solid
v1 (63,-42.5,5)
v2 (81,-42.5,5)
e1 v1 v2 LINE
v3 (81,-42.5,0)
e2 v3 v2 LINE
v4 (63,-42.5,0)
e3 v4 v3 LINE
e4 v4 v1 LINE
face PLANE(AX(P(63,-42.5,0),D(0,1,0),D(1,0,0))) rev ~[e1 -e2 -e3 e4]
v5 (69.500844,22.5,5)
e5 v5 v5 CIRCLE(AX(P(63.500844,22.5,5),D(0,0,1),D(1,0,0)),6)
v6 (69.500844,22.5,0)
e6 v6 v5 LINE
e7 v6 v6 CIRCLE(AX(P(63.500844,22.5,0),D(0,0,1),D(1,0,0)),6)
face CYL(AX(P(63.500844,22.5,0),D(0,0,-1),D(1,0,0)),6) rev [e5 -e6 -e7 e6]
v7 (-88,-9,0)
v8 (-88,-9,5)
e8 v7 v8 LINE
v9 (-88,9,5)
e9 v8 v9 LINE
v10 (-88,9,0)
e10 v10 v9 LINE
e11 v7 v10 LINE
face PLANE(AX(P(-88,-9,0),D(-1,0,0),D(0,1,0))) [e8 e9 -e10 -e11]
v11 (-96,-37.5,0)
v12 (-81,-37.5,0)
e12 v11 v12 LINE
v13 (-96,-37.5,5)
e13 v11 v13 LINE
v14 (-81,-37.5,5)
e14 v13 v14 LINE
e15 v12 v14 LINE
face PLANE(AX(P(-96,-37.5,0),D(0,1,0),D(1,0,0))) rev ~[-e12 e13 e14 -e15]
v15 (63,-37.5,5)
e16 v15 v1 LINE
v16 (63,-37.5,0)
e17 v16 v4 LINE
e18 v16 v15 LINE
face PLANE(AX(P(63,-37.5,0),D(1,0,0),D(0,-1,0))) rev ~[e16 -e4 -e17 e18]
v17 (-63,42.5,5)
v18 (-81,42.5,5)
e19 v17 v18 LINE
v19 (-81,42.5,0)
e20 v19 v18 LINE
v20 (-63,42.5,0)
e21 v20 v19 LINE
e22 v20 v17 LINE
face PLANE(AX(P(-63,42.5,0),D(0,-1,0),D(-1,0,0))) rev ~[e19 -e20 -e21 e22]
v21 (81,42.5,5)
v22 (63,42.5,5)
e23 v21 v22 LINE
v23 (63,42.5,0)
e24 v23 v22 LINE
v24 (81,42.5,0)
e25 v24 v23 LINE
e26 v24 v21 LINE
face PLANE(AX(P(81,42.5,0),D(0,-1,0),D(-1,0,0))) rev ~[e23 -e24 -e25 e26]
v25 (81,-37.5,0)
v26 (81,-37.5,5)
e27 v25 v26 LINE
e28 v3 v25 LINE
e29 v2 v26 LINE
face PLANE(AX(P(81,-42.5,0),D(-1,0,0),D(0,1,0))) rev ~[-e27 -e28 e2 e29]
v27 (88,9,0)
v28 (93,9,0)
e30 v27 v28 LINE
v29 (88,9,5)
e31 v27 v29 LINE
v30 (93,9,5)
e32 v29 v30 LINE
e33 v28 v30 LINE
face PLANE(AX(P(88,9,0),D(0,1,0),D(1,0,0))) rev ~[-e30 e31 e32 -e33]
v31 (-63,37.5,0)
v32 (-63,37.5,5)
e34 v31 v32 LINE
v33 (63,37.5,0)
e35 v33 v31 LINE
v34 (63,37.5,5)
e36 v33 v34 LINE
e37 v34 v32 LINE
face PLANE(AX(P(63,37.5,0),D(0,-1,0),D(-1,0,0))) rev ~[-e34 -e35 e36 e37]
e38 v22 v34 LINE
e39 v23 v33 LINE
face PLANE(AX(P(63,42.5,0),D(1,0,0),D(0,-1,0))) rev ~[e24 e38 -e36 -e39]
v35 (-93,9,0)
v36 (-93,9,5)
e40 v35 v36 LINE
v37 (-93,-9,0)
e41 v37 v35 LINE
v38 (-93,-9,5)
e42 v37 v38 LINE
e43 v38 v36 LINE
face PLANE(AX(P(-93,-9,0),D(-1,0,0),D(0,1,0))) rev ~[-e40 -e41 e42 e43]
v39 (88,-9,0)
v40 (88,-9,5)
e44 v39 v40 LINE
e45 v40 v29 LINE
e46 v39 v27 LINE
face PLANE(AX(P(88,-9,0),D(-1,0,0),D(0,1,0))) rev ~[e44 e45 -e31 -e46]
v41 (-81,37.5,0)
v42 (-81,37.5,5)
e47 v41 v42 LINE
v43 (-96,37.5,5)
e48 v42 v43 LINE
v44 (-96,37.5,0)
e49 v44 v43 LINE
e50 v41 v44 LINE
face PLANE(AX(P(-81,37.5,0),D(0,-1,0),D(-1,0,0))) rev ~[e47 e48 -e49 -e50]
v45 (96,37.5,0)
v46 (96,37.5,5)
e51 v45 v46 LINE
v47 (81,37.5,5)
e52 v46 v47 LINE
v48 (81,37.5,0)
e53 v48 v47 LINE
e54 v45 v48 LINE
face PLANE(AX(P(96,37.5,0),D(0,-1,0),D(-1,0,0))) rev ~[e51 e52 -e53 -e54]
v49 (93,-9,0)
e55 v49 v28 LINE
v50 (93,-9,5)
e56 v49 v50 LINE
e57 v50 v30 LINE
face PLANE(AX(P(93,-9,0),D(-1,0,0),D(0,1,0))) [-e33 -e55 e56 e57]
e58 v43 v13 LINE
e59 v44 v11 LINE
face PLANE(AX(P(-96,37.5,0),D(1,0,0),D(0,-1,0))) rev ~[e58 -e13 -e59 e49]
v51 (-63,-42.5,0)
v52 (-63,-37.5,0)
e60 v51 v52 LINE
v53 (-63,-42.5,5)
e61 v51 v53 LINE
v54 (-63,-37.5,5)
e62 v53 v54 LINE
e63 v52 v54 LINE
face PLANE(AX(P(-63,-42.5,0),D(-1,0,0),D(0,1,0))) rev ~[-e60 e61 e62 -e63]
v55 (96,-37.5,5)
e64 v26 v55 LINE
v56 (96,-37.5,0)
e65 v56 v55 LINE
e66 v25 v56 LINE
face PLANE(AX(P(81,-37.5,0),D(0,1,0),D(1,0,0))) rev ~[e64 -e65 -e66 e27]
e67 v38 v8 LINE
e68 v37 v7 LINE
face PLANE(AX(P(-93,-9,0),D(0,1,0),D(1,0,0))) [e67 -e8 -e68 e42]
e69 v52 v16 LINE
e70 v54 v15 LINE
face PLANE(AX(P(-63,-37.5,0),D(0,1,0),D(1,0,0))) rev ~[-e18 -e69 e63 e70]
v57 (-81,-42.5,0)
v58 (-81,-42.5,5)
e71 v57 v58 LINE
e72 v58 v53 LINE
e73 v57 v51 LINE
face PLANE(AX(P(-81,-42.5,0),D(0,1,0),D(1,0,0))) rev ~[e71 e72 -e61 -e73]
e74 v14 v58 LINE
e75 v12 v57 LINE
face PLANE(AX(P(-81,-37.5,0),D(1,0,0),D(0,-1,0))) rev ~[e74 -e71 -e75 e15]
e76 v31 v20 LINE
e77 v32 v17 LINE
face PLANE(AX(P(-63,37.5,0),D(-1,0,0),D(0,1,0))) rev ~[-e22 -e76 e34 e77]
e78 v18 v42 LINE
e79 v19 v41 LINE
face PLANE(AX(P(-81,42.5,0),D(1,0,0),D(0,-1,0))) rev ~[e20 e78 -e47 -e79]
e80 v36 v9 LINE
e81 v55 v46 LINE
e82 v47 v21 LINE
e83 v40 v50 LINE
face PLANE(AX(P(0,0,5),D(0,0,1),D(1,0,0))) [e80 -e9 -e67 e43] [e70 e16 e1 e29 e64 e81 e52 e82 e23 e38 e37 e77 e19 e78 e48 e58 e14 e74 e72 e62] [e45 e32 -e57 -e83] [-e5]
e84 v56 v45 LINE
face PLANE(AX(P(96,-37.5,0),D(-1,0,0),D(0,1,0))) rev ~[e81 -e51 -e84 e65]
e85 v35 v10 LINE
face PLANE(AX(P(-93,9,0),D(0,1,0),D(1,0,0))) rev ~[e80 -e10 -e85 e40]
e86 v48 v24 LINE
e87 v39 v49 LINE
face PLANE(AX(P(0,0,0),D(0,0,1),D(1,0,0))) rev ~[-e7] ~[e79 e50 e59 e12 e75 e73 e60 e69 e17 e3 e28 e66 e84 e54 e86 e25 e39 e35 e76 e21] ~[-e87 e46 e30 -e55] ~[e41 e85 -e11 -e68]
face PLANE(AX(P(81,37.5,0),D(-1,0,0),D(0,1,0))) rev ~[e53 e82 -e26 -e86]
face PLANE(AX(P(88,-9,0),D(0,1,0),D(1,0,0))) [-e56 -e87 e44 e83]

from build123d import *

# Parameters (mm, degrees)
F0_W     = 5
F0_H     = 18
F0_R     = 6
F1_DEPTH = 5


with BuildPart() as f1:
    # F0 (on Top) → F1 (new body)
    with BuildSketch(Plane.XY):
        Polygon((96, -37.5), (96, 37.5), (81, 37.5), (81, 42.5), (63, 42.5), (63, 37.5), (-63, 37.5), (-63, 42.5), (-81, 42.5), (-81, 37.5), (-96, 37.5), (-96, -37.5), (-81, -37.5), (-81, -42.5), (-63, -42.5), (-63, -37.5), (63, -37.5), (63, -42.5), (81, -42.5), (81, -37.5), align=None)
        with Locations((-90.5, 0)):
            Rectangle(F0_W, F0_H, mode=Mode.SUBTRACT)
        with Locations((90.5, 0)):
            Rectangle(F0_W, F0_H, mode=Mode.SUBTRACT)
        with Locations((63.500844, 22.5)):
            Circle(F0_R, mode=Mode.SUBTRACT)
    extrude(amount=F1_DEPTH)


solid = f1.part
